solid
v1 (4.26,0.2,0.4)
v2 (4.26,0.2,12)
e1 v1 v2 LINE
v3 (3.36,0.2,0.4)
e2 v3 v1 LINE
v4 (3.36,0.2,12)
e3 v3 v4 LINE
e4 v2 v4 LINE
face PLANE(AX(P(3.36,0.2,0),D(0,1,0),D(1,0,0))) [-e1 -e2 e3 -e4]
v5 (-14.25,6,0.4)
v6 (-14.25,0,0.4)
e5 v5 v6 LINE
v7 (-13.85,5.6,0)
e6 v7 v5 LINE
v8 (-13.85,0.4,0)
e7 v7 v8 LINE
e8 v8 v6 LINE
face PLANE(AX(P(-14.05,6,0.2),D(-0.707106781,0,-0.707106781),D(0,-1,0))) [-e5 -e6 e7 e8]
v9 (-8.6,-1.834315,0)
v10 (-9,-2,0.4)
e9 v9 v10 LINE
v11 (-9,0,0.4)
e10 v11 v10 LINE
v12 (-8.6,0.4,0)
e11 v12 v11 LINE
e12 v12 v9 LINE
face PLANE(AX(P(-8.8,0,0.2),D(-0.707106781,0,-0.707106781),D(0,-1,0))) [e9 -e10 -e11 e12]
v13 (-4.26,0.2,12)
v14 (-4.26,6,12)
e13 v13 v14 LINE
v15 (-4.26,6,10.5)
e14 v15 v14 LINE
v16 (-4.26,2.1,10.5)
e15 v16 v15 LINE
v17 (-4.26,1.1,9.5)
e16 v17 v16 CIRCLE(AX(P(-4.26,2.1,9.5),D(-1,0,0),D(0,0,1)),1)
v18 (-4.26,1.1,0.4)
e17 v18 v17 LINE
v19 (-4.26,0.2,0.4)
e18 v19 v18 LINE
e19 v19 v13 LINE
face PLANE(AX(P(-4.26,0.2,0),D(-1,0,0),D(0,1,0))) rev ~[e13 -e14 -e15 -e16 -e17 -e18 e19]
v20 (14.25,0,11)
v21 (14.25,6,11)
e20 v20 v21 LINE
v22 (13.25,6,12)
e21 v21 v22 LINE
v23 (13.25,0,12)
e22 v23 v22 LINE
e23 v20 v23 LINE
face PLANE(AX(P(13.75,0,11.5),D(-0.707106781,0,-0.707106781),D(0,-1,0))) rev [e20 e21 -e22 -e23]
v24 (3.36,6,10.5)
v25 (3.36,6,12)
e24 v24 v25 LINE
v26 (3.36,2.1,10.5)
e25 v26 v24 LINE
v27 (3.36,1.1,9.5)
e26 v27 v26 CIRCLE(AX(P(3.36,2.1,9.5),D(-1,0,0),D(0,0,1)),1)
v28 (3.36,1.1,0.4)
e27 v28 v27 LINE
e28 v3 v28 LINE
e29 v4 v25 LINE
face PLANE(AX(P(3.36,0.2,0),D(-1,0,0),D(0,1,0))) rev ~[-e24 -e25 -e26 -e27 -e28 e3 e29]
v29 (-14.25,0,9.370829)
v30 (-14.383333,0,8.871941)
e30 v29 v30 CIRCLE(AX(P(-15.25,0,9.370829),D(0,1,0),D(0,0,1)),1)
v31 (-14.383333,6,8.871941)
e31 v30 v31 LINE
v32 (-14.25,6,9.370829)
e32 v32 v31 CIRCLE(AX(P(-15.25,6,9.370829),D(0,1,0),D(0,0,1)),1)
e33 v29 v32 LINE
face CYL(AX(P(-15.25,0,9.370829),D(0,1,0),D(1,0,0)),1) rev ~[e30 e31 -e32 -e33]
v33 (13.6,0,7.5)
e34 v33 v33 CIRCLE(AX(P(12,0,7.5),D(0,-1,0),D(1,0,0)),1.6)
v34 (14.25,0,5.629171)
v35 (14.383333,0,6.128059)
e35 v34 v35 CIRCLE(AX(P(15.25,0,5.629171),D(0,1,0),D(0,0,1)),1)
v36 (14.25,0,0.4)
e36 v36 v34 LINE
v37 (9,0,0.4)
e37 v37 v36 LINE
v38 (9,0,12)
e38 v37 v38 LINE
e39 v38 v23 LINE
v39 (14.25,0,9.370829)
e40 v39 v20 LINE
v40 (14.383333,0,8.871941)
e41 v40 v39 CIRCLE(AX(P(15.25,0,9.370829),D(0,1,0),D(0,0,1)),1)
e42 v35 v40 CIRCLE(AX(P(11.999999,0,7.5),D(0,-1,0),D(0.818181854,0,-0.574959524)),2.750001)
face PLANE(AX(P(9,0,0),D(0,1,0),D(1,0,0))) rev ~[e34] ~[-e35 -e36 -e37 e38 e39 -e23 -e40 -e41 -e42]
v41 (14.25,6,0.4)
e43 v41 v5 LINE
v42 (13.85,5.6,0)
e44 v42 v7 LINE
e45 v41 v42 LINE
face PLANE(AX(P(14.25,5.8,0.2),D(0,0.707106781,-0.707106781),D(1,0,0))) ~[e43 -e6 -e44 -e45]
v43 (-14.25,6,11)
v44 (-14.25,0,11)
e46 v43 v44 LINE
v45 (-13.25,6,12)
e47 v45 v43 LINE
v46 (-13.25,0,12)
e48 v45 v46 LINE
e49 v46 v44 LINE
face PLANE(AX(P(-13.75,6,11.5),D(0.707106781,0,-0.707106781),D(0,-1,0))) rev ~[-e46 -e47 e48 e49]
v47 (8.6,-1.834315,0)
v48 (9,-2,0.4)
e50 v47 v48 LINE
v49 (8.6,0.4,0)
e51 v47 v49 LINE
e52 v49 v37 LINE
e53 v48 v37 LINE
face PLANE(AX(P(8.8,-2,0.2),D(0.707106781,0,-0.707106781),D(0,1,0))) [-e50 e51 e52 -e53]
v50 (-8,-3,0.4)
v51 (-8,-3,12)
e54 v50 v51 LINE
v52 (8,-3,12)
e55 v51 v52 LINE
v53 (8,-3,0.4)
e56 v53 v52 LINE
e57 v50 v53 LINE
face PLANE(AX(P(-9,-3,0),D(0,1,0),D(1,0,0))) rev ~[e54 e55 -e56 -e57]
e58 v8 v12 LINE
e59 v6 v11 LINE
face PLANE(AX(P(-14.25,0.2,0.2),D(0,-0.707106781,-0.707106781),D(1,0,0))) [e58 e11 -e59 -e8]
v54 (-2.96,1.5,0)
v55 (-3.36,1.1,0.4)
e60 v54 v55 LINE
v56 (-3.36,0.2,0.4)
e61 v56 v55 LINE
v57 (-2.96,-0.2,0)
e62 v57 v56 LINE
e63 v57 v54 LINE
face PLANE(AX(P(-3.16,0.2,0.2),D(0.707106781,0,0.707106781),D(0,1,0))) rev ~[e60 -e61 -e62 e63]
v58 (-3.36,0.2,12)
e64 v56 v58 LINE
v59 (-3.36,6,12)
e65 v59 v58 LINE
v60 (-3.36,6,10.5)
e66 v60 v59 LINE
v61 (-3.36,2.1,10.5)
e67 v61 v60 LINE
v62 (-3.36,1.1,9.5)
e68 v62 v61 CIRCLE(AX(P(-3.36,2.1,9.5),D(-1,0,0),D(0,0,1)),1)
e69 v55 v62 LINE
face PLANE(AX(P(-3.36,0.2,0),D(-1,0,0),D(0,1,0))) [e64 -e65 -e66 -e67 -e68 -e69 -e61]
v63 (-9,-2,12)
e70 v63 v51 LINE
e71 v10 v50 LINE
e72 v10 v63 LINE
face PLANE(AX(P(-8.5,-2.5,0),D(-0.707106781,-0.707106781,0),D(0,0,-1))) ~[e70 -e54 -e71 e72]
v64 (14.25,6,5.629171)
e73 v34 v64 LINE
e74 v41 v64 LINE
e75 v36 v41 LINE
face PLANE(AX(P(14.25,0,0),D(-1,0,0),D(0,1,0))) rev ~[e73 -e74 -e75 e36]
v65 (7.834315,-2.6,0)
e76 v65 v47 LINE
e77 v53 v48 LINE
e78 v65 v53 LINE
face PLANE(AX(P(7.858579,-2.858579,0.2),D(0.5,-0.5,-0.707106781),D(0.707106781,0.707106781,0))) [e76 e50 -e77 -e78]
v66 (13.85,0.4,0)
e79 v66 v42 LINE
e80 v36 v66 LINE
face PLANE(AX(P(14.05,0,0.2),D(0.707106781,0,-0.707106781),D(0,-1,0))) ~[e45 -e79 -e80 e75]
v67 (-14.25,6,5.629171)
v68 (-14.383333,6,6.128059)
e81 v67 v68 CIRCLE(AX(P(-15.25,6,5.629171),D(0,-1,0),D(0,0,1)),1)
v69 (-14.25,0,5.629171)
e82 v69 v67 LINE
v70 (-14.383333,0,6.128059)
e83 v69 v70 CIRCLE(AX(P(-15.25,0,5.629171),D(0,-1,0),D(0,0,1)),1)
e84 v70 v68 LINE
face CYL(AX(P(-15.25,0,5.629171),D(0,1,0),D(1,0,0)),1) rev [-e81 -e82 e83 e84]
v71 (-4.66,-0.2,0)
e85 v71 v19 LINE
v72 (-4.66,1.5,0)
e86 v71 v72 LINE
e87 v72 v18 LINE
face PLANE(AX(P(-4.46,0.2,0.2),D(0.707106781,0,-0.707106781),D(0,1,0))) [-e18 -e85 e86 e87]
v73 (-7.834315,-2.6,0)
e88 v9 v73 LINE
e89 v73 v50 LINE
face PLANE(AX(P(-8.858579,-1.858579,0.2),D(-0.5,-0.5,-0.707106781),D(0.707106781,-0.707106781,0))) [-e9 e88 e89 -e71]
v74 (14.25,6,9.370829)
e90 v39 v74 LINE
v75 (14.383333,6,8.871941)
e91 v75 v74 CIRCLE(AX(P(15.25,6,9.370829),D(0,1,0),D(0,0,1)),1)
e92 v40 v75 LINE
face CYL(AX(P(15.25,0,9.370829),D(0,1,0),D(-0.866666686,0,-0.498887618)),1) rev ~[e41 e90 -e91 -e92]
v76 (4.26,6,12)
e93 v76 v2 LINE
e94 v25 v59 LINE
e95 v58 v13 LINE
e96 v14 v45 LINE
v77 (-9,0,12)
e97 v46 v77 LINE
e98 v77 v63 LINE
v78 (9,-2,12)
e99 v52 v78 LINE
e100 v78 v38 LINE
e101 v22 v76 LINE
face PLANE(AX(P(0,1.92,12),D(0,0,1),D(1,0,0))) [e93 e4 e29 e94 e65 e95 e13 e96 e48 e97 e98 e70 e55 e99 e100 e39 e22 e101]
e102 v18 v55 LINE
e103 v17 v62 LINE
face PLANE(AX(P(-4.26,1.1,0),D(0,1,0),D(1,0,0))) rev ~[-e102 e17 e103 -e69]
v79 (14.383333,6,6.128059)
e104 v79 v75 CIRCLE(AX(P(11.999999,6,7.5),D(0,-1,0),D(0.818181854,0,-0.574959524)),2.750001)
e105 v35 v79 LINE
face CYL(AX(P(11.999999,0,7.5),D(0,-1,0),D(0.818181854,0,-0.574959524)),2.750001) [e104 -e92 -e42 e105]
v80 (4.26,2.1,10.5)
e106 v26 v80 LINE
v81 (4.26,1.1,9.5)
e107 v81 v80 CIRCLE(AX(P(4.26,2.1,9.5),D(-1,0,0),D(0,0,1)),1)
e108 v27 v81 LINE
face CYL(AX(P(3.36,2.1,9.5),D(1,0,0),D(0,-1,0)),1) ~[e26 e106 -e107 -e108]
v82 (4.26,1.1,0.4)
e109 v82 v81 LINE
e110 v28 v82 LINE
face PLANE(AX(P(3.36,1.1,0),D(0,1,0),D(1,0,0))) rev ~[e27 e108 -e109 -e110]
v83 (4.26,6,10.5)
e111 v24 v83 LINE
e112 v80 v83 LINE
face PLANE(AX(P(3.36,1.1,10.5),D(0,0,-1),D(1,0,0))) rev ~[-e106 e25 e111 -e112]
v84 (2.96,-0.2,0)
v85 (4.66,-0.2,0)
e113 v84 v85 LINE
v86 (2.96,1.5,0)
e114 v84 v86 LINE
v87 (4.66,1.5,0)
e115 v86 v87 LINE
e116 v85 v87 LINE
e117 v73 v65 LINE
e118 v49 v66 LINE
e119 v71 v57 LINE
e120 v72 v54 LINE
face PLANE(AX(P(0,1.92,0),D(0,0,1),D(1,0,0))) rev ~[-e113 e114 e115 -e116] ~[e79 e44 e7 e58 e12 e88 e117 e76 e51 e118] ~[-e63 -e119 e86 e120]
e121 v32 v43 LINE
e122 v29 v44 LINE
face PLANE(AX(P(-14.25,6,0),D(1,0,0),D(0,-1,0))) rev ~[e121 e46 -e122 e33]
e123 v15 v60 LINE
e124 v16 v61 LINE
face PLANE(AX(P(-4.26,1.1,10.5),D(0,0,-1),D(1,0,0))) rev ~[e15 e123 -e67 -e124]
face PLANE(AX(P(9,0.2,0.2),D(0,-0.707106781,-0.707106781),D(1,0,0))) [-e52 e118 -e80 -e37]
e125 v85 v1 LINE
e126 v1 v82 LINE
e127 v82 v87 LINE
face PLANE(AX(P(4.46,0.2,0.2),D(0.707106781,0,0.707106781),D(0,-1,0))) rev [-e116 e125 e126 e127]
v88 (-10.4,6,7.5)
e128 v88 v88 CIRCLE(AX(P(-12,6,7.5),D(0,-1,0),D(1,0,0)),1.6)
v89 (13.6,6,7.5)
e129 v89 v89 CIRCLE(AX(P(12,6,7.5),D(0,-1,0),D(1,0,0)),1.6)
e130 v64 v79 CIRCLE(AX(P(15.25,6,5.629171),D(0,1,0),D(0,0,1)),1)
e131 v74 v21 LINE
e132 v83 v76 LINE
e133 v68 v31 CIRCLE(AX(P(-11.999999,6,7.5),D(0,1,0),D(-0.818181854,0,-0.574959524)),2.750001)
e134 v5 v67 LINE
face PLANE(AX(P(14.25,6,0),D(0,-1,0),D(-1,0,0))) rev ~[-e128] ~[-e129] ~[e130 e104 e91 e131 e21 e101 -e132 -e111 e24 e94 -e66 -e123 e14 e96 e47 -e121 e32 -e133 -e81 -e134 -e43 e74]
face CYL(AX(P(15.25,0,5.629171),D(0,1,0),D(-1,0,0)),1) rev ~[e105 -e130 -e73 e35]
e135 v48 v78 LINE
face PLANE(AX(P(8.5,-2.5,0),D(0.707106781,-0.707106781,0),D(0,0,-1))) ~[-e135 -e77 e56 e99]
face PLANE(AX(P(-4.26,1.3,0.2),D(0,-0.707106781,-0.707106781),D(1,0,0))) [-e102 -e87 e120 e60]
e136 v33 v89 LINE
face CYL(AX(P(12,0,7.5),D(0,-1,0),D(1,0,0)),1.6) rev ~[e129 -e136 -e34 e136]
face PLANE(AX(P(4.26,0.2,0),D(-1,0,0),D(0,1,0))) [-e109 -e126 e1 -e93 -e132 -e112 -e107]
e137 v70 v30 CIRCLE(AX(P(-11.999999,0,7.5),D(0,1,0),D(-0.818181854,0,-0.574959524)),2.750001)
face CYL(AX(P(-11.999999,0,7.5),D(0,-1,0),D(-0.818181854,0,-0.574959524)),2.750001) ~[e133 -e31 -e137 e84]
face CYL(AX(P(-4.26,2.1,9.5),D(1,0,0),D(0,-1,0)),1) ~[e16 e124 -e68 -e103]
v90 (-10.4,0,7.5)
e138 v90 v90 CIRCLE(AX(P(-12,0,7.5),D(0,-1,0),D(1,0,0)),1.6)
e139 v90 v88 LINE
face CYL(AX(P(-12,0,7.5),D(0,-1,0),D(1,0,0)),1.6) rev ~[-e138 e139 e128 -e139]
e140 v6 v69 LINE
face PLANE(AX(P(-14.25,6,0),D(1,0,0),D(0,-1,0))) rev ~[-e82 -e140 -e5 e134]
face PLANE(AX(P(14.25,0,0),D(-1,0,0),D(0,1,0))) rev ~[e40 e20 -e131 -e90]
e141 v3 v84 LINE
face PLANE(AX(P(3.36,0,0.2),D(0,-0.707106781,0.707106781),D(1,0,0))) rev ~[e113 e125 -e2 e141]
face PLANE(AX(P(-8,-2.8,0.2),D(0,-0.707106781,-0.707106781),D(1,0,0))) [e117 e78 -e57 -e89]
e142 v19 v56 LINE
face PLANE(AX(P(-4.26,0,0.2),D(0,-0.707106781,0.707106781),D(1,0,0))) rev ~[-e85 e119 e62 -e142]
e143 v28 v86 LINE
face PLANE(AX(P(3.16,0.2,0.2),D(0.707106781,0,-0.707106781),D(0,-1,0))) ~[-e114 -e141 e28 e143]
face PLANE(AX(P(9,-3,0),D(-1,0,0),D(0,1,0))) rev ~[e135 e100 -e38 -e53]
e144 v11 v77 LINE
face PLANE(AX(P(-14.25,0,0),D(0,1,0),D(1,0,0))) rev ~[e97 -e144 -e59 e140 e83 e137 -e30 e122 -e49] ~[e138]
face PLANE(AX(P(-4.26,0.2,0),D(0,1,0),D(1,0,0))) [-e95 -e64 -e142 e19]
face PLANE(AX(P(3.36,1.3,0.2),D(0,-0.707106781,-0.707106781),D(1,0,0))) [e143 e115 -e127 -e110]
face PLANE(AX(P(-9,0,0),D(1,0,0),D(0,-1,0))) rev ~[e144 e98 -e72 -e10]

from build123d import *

# Parameters (mm, degrees)
PAD_DEPTH       = 12
SKETCH001_R     = 1.6
POCKET_DEPTH    = 6.001
SKETCH002_W     = 0.9
SKETCH002_H     = 0.9
POCKET001_DEPTH = 12.001
SKETCH003_W     = 0.9
SKETCH003_H     = 1.5
POCKET002_DEPTH = 4.901
FILLET_R        = 1
PAD001_DEPTH    = 6
FILLET001_R     = 1
CHAMFER_SIZE    = 1
CHAMFER001_SIZE = 0.4


with BuildPart() as part:
    # Sketch → Pad (new body)
    with BuildSketch(Plane.XY):
        Polygon((-14.25, 0), (-9, 0), (-9, -3), (9, -3), (9, 0), (14.25, 0), (14.25, 6), (-14.25, 6), align=None)
    extrude(amount=PAD_DEPTH)

    # Sketch001 → Pocket (cut, through all)
    with BuildSketch(Plane.XZ):
        with Locations((-12, 7.5)):
            Circle(SKETCH001_R)
        with Locations((12, 7.5)):
            Circle(SKETCH001_R)
    extrude(amount=-POCKET_DEPTH, mode=Mode.SUBTRACT)

    # Sketch002 → Pocket001 (cut, through all)
    with BuildSketch(Plane.XY):
        with Locations((-3.81, 0.65)):
            Rectangle(SKETCH002_W, SKETCH002_H)
        with Locations((3.81, 0.65)):
            Rectangle(SKETCH002_W, SKETCH002_H)
    extrude(amount=POCKET001_DEPTH, mode=Mode.SUBTRACT)

    # Sketch003 (on Face15 of Pocket001) → Pocket002 (cut, through all)
    with BuildSketch(Plane.XZ.offset(-1.1)):
        with Locations((3.81, 11.25)):
            Rectangle(SKETCH003_W, SKETCH003_H)
        with Locations((-3.81, 11.25)):
            Rectangle(SKETCH003_W, SKETCH003_H)
    extrude(amount=-POCKET002_DEPTH, mode=Mode.SUBTRACT)

    # Fillet
    fillet_edges = [part.edges().sort_by_distance(p)[0] for p in [
        (3.81, 1.1, 10.5),
        (-3.81, 1.1, 10.5),
    ]]
    fillet(fillet_edges, radius=FILLET_R)

    # Sketch004 → Pad001 (join)
    with BuildSketch(Plane.XZ):
        with BuildLine():
            ThreePointArc((14.25, 5.918861), (14.75, 7.5), (14.25, 9.081139))
            Line((14.25, 9.081139), (14.25, 5.918861))
        make_face()
    pad001 = extrude(amount=-PAD001_DEPTH)

    # Mirrored: Pad001 across Sketch004 V_Axis
    add(pad001.mirror(Plane(origin=(0, 0, 0), x_dir=(0, -1, 0), z_dir=(1, 0, 0))))

    # Fillet001
    fillet001_edges = [part.edges().sort_by_distance(p)[0] for p in [
        (14.25, 3, 9.081139),
        (14.25, 3, 5.918861),
        (-14.25, 3, 9.081139),
        (-14.25, 3, 5.918861),
    ]]
    fillet(fillet001_edges, radius=FILLET001_R)

    # Chamfer
    chamfer_edges = [part.edges().sort_by_distance(p)[0] for p in [
        (14.25, 3, 12),
        (-14.25, 3, 12),
        (9, -3, 6),
        (-9, -3, 6),
    ]]
    chamfer(chamfer_edges, length=CHAMFER_SIZE)

    # Chamfer001
    chamfer001_edges = [part.edges().sort_by_distance(p)[0] for p in [
        (-9, -1, 0),
        (-8.5, -2.5, 0),
        (-11.625, 0, 0),
        (0, -3, 0),
        (-14.25, 3, 0),
        (8.5, -2.5, 0),
        (0, 6, 0),
        (9, -1, 0),
        (14.25, 3, 0),
        (11.625, 0, 0),
        (3.36, 0.65, 0),
        (3.81, 0.2, 0),
        (4.26, 0.65, 0),
        (3.81, 1.1, 0),
        (-4.26, 0.65, 0),
        (-3.81, 0.2, 0),
        (-3.36, 0.65, 0),
        (-3.81, 1.1, 0),
    ]]
    chamfer(chamfer001_edges, length=CHAMFER001_SIZE)


solid = part.part
